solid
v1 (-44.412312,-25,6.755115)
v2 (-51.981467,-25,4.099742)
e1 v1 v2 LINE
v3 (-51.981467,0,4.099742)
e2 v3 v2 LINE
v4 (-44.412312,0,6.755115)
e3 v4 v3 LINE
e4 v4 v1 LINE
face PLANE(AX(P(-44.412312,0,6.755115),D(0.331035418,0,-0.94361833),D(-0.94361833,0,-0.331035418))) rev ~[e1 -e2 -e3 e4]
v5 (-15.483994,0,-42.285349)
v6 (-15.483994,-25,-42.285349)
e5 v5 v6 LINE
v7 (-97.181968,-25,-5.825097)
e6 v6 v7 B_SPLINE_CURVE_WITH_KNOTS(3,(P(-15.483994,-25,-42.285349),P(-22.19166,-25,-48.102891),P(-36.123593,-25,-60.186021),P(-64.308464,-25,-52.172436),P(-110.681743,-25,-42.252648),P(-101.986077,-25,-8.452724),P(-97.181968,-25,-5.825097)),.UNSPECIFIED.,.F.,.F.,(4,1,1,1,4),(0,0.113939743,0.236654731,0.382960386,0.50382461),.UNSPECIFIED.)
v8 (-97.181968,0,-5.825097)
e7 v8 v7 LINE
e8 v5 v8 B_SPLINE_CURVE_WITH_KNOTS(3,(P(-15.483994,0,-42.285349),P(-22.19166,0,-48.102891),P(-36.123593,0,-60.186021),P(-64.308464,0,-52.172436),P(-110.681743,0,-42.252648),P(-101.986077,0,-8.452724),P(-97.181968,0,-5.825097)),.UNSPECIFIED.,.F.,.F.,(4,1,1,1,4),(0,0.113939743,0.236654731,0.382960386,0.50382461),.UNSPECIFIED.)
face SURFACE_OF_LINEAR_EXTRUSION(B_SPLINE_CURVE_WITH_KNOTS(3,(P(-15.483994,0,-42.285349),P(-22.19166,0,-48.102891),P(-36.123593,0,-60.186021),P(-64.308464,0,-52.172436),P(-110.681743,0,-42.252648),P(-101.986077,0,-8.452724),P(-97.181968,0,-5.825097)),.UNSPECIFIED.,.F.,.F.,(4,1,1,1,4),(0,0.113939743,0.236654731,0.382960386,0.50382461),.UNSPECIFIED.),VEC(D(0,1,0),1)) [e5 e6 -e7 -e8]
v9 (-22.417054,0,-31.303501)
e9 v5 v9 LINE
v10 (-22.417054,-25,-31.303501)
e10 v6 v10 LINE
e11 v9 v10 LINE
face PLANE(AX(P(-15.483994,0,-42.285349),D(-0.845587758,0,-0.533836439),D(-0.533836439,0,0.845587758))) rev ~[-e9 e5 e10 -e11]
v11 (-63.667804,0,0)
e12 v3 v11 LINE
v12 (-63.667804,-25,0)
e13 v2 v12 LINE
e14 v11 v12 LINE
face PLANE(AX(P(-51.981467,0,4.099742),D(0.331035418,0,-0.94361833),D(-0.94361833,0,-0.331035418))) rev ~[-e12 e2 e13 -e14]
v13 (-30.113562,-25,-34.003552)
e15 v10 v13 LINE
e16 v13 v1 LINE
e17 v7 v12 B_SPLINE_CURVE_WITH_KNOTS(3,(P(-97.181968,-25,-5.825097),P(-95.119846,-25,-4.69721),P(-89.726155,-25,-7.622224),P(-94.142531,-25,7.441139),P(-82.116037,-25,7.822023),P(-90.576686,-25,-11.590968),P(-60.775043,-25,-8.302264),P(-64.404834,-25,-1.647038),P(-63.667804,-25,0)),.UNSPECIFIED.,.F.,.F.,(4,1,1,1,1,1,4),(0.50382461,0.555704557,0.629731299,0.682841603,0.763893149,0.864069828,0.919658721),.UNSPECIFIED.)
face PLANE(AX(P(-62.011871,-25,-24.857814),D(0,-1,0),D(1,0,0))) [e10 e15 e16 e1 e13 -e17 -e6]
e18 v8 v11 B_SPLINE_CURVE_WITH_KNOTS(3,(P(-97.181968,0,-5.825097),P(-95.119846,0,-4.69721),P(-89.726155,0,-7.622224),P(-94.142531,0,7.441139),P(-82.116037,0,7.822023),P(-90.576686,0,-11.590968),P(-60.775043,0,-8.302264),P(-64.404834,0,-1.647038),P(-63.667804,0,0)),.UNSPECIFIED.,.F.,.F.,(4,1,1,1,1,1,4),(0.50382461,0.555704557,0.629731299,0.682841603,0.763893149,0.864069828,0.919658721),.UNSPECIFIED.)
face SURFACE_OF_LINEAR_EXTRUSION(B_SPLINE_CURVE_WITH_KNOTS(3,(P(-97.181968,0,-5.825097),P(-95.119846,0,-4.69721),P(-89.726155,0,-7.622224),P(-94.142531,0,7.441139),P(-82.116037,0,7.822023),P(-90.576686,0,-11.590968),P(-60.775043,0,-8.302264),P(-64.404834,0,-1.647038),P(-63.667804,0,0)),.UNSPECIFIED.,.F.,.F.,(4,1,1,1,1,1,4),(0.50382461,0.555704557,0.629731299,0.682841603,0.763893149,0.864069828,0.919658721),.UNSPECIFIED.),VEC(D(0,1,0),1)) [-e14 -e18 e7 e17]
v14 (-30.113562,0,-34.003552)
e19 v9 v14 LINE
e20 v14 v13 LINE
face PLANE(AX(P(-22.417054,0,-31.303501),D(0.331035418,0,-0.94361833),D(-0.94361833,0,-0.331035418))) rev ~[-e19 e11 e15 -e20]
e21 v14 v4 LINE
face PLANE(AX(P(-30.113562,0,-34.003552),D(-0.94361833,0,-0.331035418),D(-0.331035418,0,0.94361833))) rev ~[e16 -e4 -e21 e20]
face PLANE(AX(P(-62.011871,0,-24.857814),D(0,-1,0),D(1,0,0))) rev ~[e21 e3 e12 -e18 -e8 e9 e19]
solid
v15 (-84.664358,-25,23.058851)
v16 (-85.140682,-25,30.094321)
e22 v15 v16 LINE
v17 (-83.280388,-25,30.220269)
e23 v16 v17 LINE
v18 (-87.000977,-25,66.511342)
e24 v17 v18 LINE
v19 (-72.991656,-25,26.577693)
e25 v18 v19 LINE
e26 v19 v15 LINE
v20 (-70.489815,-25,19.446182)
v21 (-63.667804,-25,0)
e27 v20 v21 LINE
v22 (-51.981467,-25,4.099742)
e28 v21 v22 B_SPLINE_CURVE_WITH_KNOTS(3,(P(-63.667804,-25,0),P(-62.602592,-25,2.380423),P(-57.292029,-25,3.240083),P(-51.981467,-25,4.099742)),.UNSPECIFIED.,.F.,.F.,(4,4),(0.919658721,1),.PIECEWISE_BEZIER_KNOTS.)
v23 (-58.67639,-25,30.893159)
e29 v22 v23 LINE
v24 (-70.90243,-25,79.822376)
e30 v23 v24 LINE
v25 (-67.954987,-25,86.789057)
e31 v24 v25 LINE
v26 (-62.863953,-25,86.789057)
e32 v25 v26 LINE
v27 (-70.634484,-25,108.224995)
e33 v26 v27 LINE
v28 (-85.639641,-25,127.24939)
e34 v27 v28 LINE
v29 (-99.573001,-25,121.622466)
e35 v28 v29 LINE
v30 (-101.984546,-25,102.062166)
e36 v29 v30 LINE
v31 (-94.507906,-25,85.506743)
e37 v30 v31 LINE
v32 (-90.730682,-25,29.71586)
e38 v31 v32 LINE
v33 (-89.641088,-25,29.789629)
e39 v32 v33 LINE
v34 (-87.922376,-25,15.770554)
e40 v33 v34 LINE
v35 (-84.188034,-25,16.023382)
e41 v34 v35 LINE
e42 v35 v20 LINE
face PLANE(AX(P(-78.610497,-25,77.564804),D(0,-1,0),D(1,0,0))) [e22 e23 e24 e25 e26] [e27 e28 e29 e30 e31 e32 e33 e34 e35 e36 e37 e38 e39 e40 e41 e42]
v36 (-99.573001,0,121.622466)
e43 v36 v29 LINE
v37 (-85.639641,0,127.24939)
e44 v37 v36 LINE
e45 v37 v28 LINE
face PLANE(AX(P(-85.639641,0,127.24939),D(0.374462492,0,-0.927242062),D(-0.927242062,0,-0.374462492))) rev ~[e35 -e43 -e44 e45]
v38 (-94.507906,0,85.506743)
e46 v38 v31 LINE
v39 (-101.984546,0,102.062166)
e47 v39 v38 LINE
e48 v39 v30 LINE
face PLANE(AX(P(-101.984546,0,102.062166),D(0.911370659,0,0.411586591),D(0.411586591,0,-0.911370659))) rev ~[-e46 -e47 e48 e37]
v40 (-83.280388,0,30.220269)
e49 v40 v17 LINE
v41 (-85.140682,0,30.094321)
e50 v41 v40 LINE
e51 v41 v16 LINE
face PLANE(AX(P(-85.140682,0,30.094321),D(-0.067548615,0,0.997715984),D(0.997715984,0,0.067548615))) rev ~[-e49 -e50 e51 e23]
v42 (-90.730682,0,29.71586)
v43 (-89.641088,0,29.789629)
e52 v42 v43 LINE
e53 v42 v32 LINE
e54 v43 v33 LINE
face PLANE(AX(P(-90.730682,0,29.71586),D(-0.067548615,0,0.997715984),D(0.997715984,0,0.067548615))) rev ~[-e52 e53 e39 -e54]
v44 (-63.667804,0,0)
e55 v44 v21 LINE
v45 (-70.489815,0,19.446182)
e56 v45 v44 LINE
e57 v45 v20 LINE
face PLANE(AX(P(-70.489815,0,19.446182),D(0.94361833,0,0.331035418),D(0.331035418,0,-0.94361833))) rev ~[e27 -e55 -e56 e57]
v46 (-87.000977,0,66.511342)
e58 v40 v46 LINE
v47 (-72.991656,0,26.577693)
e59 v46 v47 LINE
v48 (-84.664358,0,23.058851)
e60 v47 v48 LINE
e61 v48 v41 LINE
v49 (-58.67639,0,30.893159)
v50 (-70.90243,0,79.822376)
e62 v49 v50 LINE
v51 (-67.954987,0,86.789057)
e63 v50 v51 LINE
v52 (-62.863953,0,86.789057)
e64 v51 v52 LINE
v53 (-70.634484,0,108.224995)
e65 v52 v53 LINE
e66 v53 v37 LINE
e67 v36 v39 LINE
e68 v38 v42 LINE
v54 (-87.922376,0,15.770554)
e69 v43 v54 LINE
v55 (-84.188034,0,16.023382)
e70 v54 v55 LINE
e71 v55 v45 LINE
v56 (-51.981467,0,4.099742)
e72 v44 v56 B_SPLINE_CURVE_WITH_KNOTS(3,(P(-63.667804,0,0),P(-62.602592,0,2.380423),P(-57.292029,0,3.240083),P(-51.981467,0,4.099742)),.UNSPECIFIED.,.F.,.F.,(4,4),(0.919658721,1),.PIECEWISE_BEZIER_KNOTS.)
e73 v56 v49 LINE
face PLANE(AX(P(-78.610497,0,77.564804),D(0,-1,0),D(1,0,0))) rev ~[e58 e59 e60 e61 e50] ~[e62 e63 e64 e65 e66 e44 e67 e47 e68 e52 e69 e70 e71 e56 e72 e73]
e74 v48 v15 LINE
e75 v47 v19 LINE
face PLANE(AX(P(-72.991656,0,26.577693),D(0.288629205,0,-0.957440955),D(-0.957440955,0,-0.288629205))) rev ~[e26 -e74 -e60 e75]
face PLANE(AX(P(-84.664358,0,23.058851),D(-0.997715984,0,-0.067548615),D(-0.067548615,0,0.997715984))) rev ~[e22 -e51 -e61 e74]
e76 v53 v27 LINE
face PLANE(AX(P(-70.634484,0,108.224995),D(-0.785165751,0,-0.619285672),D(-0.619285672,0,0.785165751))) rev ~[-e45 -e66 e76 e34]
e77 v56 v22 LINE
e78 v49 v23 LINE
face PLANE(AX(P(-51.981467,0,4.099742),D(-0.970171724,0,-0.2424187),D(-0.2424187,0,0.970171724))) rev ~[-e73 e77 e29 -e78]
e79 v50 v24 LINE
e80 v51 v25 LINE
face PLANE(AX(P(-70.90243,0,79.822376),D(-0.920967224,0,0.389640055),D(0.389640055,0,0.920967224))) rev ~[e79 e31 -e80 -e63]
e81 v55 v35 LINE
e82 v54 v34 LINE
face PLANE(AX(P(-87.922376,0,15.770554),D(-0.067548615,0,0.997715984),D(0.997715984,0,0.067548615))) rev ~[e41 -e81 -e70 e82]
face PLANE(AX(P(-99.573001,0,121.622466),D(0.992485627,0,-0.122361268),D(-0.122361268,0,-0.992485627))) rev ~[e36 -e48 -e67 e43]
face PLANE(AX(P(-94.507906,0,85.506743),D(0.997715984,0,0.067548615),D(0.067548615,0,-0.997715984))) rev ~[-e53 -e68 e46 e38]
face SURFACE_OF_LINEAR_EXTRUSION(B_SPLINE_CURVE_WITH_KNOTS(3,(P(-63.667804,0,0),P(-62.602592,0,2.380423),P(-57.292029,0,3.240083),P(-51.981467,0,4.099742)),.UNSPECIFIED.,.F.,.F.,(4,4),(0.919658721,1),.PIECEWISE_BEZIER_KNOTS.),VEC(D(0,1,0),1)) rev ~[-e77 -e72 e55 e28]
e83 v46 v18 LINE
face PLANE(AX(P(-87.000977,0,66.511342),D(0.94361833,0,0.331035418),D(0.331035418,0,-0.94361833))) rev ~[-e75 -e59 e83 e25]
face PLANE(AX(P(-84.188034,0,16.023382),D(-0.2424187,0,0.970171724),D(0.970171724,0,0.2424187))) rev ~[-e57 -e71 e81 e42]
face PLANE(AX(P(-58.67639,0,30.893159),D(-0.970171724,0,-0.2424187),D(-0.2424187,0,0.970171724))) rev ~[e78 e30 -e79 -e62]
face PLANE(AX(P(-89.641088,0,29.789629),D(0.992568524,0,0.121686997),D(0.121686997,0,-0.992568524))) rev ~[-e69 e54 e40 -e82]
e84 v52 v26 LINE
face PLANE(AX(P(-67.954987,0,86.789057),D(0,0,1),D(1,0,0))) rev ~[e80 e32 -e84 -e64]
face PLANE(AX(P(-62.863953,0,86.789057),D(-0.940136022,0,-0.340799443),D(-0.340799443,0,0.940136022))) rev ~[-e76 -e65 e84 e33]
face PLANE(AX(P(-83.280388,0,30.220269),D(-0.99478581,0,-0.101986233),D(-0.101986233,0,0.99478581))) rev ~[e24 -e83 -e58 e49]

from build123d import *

# Parameters (mm, degrees)
F1_DEPTH = 25


with BuildPart() as f1:
    # F0 (on Front) → F1 (new body)
    with BuildSketch(Plane.XZ):
        Polygon((-67.9549872875, 86.7890566587), (-62.8639534116, 86.7890566587), (-70.6344842911, 108.2249954343), (-85.6396406889, 127.2493898869), (-99.5730012655, 121.6224655509), (-101.9845455885, 102.0621657372), (-94.5079061411, 85.5067434539), (-90.7306820154, 77.1428868175), (-87.0009771891, 66.5113421182), (-72.9916559629, 26.5776927393), (-58.6763904546, 30.8931585449), (-70.9024295211, 79.8223763704), align=None)
        with BuildLine():
            Line((-51.9814671391, 4.0997416872), (-56.6784390995, 22.8972576218))
            Line((-56.6784390995, 22.8972576218), (-70.4898154089, 19.4461820921))
            Line((-70.4898154089, 19.4461820921), (-63.6678040028, 0))
            add(Edge.make_bspline(
                [(-63.6678040028, 0), (-62.6025917878, 2.3804234755), (-57.2920294634, 3.2400825813), (-51.9814671391, 4.0997416872)],
                knots=[0.9196587211, 0.9196587211, 0.9196587211, 0.9196587211, 1, 1, 1, 1], degree=3))
        make_face()
        Polygon((-56.6784390995, 22.8972576218), (-58.6763904546, 30.8931585449), (-72.9916559629, 26.5776927393), (-70.4898154089, 19.4461820921), align=None)
        Polygon((-70.4898154089, 19.4461820921), (-72.9916559629, 26.5776927393), (-84.6643581719, 23.0588514567), (-84.1880339892, 16.0233815049), align=None)
        Polygon((-84.1880339892, 16.0233815049), (-84.6643581719, 23.0588514567), (-85.1406823546, 30.0943214084), (-89.6410877635, 29.7896293348), (-87.9223760767, 15.7705544081), align=None)
        Polygon((-90.7306820154, 77.1428868175), (-94.5079061411, 85.5067434539), (-90.7306820154, 29.7158602625), (-89.6410877635, 29.7896293348), (-85.1406823546, 30.0943214084), (-83.2803875202, 30.2202694151), (-87.0009771891, 66.5113421182), align=None)
    extrude(amount=F1_DEPTH)


with BuildPart() as f1b:
    # F0 (on Front) → F1, piece 2 (new body)
    with BuildSketch(Plane.XZ):
        with BuildLine():
            Line((-44.4123115357, 6.7551146348), (-51.9814671391, 4.0997416872))
            Line((-51.9814671391, 4.0997416872), (-63.6678040028, 0))
            add(Edge.make_bspline(
                [(-84.0157642961, -6.5002837218), (-80.3769619279, -10.4653968659), (-60.7750428984, -8.3022644313), (-64.4048344433, -1.6470375932), (-63.6678040028, 0)],
                knots=[0.7638931488, 0.7638931488, 0.7638931488, 0.7638931488, 0.8640698278, 0.9196587211, 0.9196587211, 0.9196587211, 0.9196587211], degree=3))
            add(Edge.make_bspline(
                [(-97.1819683909, -5.825097207), (-95.1198455048, -4.6972104323), (-89.7261550482, -7.6222241395), (-94.1425307007, 7.441139246), (-82.1160368265, 7.8220231405), (-86.9598682661, -3.2921662788), (-84.0157642961, -6.5002837218)],
                knots=[0.5038246097, 0.5038246097, 0.5038246097, 0.5038246097, 0.5557045571, 0.6297312992, 0.6828416026, 0.7638931488, 0.7638931488, 0.7638931488, 0.7638931488], degree=3))
            add(Edge.make_bspline(
                [(-15.4839940369, -42.28534922), (-22.1916599811, -48.1028908047), (-36.1235931602, -60.1860209572), (-64.3084642847, -52.1724356442), (-110.6817429492, -42.2526482756), (-101.986076631, -8.4527243891), (-97.1819683909, -5.825097207)],
                knots=[0, 0, 0, 0, 0.1139397427, 0.2366547313, 0.3829603855, 0.5038246097, 0.5038246097, 0.5038246097, 0.5038246097], degree=3))
            Line((-15.4839940369, -42.28534922), (-22.417053889, -31.303501404))
            Line((-22.417053889, -31.303501404), (-30.1135620818, -34.003551544))
            Line((-30.1135620818, -34.003551544), (-44.4123115357, 6.7551146348))
        make_face()
    extrude(amount=F1_DEPTH)


solid = Compound([f1.part, f1b.part])
